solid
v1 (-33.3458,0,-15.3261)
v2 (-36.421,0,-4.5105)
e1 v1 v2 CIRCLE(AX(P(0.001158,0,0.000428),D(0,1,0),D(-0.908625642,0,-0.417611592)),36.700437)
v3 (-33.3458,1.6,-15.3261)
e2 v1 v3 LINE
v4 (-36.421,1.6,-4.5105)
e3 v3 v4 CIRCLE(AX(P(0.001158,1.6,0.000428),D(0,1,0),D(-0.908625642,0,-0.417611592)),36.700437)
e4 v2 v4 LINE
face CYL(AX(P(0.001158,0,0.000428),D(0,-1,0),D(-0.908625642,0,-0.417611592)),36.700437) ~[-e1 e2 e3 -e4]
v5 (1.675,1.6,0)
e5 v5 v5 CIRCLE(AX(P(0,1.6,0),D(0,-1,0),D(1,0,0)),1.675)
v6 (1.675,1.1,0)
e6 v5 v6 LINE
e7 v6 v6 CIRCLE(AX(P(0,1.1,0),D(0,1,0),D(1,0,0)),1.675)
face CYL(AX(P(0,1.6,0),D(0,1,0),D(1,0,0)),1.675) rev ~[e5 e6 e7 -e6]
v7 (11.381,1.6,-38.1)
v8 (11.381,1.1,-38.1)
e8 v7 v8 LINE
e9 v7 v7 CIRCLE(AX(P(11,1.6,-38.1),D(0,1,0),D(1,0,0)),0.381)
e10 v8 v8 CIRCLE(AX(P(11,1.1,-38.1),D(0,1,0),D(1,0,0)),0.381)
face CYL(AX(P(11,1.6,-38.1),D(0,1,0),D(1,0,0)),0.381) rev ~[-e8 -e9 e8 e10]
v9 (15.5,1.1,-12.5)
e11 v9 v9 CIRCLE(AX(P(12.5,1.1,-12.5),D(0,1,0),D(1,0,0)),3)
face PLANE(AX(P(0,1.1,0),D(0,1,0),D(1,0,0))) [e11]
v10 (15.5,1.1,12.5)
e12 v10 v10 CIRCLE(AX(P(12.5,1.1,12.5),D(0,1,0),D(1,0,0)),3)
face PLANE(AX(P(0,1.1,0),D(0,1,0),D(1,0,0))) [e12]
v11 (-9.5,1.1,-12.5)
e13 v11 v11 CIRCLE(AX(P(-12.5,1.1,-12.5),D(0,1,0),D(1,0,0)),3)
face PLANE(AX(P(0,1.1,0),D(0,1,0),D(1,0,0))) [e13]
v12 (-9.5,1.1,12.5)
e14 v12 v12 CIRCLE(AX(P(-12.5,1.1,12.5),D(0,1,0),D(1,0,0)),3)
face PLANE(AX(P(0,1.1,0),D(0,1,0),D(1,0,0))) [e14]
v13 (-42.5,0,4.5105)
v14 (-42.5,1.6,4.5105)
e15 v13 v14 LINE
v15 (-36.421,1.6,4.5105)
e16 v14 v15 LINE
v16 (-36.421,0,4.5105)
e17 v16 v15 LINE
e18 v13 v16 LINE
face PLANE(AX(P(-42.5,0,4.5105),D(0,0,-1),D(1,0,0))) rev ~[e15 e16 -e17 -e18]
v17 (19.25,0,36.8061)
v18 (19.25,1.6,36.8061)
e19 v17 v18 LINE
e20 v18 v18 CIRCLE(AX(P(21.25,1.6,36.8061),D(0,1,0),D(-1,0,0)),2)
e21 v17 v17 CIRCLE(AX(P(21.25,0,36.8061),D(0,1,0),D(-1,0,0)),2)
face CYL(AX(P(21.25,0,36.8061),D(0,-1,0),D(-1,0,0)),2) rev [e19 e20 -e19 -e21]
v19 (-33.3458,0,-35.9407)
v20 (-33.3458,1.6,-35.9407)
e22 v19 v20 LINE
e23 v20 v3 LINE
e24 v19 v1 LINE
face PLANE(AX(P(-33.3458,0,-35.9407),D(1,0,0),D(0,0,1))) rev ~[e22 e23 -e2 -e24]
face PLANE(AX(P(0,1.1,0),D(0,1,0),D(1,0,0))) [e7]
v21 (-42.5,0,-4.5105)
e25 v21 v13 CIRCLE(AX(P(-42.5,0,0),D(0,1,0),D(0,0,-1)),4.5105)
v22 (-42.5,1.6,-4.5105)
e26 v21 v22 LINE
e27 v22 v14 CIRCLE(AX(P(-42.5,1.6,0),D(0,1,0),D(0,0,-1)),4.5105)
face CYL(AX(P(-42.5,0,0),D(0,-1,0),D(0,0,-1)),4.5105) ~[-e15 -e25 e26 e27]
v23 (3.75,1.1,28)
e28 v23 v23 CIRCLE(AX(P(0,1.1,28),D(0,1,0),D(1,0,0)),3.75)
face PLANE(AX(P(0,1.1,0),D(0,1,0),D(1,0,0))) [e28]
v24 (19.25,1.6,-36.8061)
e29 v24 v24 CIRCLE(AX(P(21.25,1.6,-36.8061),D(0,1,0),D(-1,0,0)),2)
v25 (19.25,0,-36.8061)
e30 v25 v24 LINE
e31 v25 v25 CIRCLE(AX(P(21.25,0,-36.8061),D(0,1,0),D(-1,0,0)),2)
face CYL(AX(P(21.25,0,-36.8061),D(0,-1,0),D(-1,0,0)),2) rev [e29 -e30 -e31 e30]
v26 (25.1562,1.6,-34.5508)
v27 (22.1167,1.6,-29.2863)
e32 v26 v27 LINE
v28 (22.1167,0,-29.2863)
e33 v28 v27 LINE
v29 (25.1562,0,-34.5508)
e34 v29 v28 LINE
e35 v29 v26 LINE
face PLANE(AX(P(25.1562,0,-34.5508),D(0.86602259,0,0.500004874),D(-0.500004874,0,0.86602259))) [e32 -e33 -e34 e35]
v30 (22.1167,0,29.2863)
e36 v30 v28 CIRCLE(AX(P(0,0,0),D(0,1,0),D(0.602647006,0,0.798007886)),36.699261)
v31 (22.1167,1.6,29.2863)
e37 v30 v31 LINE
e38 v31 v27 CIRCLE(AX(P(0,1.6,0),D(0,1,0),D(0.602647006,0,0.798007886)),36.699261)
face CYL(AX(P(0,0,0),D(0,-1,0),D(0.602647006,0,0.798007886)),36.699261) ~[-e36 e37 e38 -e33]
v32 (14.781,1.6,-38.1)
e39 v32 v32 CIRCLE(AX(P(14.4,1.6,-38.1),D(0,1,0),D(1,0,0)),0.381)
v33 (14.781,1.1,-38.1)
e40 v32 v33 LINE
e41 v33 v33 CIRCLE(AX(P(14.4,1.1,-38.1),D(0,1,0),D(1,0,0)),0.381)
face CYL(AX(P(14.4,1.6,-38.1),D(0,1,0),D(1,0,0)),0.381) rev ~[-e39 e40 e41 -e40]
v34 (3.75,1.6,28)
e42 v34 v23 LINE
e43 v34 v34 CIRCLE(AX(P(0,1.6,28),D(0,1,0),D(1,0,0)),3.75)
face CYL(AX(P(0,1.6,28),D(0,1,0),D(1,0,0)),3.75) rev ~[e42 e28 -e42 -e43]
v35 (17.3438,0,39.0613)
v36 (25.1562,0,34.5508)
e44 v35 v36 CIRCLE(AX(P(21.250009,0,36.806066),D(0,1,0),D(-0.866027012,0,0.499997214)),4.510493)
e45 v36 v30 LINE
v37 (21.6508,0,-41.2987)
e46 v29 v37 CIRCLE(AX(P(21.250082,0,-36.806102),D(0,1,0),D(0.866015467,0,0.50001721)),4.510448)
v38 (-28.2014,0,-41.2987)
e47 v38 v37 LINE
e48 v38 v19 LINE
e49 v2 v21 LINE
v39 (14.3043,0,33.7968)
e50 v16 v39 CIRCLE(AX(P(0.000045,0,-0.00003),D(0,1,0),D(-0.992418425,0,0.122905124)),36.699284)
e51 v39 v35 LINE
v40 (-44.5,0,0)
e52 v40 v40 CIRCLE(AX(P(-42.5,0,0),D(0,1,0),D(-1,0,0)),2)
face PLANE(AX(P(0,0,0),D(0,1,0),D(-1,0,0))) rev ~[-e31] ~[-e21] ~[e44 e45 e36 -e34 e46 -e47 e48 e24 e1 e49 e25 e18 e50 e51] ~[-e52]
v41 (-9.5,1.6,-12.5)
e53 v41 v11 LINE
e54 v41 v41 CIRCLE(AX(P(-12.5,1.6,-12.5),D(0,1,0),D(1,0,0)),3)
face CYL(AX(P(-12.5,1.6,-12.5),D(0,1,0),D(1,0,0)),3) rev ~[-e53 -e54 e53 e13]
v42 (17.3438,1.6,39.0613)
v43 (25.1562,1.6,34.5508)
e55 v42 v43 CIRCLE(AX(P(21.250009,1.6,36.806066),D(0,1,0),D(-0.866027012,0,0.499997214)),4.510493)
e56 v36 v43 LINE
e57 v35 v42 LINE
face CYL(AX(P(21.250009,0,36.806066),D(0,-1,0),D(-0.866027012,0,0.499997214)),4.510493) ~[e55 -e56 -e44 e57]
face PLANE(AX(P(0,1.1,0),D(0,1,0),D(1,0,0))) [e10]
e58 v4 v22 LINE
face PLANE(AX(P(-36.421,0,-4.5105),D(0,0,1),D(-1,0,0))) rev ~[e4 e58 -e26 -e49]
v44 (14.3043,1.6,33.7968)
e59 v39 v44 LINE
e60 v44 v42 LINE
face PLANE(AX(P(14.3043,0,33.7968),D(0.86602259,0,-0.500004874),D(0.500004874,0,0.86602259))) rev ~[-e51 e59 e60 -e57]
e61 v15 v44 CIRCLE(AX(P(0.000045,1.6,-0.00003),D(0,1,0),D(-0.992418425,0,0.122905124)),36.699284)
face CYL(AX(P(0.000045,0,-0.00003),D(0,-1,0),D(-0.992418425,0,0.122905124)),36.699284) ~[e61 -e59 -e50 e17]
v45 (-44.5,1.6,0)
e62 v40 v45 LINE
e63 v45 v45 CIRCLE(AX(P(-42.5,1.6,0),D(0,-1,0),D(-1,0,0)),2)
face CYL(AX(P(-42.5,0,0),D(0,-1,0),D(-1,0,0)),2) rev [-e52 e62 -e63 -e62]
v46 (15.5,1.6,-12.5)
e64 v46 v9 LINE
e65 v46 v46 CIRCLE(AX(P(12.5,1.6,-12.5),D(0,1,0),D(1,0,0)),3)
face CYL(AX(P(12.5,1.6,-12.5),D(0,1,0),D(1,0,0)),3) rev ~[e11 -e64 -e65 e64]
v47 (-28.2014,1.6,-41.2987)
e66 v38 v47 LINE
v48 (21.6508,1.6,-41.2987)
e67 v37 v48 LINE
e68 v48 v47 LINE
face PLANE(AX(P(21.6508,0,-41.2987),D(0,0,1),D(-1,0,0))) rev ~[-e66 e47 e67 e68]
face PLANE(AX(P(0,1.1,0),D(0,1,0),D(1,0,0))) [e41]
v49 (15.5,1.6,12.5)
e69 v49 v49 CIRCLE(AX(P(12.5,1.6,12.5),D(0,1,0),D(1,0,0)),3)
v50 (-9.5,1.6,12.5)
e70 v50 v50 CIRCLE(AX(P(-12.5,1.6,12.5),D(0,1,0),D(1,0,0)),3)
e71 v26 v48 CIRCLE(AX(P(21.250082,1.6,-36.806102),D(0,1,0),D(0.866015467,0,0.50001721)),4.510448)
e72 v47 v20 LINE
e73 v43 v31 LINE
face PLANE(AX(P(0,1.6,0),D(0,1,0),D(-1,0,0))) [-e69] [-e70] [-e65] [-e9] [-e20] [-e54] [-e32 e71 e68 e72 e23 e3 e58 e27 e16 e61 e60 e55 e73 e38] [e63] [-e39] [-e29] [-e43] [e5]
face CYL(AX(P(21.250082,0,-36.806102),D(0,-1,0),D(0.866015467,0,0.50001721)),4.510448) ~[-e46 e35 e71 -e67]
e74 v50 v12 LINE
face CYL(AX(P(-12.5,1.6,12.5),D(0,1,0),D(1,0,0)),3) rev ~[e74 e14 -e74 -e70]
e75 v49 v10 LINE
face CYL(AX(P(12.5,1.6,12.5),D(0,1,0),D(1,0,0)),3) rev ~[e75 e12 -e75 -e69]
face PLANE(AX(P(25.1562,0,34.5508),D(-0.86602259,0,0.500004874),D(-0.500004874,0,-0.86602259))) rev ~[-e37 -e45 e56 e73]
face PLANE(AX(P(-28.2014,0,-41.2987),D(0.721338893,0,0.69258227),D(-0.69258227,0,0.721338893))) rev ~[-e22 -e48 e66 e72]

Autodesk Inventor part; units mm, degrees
ref_plane "YZ Plane" through (0, 0, 0) normal (1, 0, 0) x (0, 1, 0)
ref_plane "XZ Plane" through (0, 0, 0) normal (0, 1, 0) x (-1, 0, 0)
ref_plane "XY Plane" through (0, 0, 0) normal (0, 0, 1) x (1, 0, 0)
sketch "Sketch1" plane through (0, 0, 0) normal (0, 1, 0) x (-1, 0, 0)
  circle A0 centre (42.5, 0) radius 2
  circle A1 centre (-21.25, 36.8061) radius 2
  circle A2 centre (-21.25, -36.8061) radius 2
  line L0 (-21.25, -36.8061) -> (0, 0) construction
  arc A3 (-25.1562, -34.5508) -> (-20.8492, -41.2987) centre (-21.25, -36.8061) ccw
  line L1 (-21.25, 36.8061) -> (0, 0) construction
  arc A4 (-17.3438, 39.0613) -> (-25.1562, 34.5508) centre (-21.25, 36.8061) ccw
  line L2 (0, 0) -> (42.5, 0) construction
  arc A5 (42.5, -4.5105) -> (42.5, 4.5105) centre (42.5, 0) ccw
  line L3 (-21.6508, -41.2987) -> (28.2014, -41.2987)
  line L4 (28.2014, -41.2987) -> (33.3458, -35.9407)
  line L5 (33.3458, -35.9407) -> (33.3458, -15.3261)
  line L6 (-25.1562, -34.5508) -> (-22.1167, -29.2863)
  line L7 (36.421, -4.5105) -> (42.5, -4.5105)
  line L8 (42.5, 0) -> (36.6992, 0)
  line L9 (4.5105, 0) -> (0, 0)
  line L10 (42.5, 4.5105) -> (36.421, 4.5105)
  line L11 (-25.1562, 34.5508) -> (-22.1167, 29.2863)
  line L12 (-14.3043, 33.7968) -> (-17.3438, 39.0613)
  arc A6 (-22.1167, 29.2863) -> (-22.1167, -29.2863) centre (0, 0) ccw
  arc A7 (33.3458, -15.3261) -> (36.421, -4.5105) centre (0, 0) ccw
  arc A8 (36.421, 4.5105) -> (-14.3043, 33.7968) centre (0, 0) ccw
  point P0 (-10.625, -18.403)
  point P1 (-10.625, 18.403)
  point P2 (21.25, 0)
  dimension "d1" = 4
  dimension "d2" = 42.5
  dimension "d5" = 360
extrude "Extrusion1" add sketch "Sketch1" along normal blind 1.6 contours L6 A6 L11 A4 L12 A8 L10 A5 L7 A7 L5 L4 L3 A3
sketch "Sketch2" plane through (0, 1.6, 0) normal (0, 1, 0) x (1, 0, 0)
  line L0 (35, 0) -> (0, 0) construction
  circle A0 centre (12.5, 12.5) radius 3
  circle A1 centre (-12.5, 12.5) radius 3
  circle A2 centre (-12.5, -12.5) radius 3
  circle A3 centre (12.5, -12.5) radius 3
  line L1 (1.675, -1.675) -> (-1.675, -1.675)
  line L2 (-1.675, -1.675) -> (-1.675, 1.675)
  line L3 (-1.675, 1.675) -> (1.675, 1.675)
  line L4 (1.675, 1.675) -> (1.675, -1.675)
  line L5 (1.675, -1.675) -> (-1.675, 1.675) construction
  line L6 (-1.675, -1.675) -> (1.675, 1.675) construction
  circle A4 centre (0, 0) radius 1.675
  circle A5 centre (0, -28) radius 3.75
  line L7 (0, -28) -> (0, 0) construction
  line L8 (-42.5, -4.5105) -> (-36.421, -4.5105) projected
  arc A6 (-42.5, 4.5105) -> (-42.5, -4.5105) centre (-42.5, 0) ccw projected
  line L9 (-36.421, 4.5105) -> (-42.5, 4.5105) projected
  arc A7 (-33.3458, 15.3261) -> (-36.421, 4.5105) centre (0, 0) ccw projected
  line L10 (-33.3458, 35.9407) -> (-33.3458, 15.3261) projected
  line L11 (-28.2014, 41.2987) -> (-33.3458, 35.9407) projected
  line L12 (21.6508, 41.2987) -> (-28.2014, 41.2987) projected
  arc A8 (25.1562, 34.5508) -> (21.6508, 41.2987) centre (21.25, 36.8061) ccw projected
  line L13 (22.1167, 29.2863) -> (25.1562, 34.5508) projected
  arc A9 (22.1167, -29.2863) -> (22.1167, 29.2863) centre (0, 0) ccw projected
  line L14 (25.1562, -34.5508) -> (22.1167, -29.2863) projected
  arc A10 (17.3438, -39.0613) -> (25.1562, -34.5508) centre (21.25, -36.8061) ccw projected
  line L15 (14.3043, -33.7968) -> (17.3438, -39.0613) projected
  arc A11 (-36.421, -4.5105) -> (14.3043, -33.7968) centre (0, 0) ccw projected
  circle A12 centre (21.25, 36.8061) radius 2 projected
  circle A13 centre (21.25, -36.8061) radius 2 projected
  circle A14 centre (-42.5, 0) radius 2 projected
  circle A15 centre (11, 38.1) radius 0.381
  circle A16 centre (14.4, 38.1) radius 0.381
  line L16 (11, 38.1) -> (14.4, 38.1) construction
  dimension "d23" = 35
  dimension "d24" = 360
  dimension "d25" = 12.5
  dimension "d26" = 12.5
  dimension "d27" = 6
  dimension "d28" = 360
  dimension "d31" = 3.35
  dimension "d32" = 28
  dimension "d33" = 7.5
  dimension "d34" = 11
  dimension "d36" = 38.1
  dimension "d37" = 3.4
  dimension "d38" = 0.762
extrude "Extrusion2" cut sketch "Sketch2" against normal blind 0.5 contours A0 | A1 | A2 | A3 | A4 | A5 | A15 | A16
equation "\"d26\" = d25"
properties part number "PCB"
